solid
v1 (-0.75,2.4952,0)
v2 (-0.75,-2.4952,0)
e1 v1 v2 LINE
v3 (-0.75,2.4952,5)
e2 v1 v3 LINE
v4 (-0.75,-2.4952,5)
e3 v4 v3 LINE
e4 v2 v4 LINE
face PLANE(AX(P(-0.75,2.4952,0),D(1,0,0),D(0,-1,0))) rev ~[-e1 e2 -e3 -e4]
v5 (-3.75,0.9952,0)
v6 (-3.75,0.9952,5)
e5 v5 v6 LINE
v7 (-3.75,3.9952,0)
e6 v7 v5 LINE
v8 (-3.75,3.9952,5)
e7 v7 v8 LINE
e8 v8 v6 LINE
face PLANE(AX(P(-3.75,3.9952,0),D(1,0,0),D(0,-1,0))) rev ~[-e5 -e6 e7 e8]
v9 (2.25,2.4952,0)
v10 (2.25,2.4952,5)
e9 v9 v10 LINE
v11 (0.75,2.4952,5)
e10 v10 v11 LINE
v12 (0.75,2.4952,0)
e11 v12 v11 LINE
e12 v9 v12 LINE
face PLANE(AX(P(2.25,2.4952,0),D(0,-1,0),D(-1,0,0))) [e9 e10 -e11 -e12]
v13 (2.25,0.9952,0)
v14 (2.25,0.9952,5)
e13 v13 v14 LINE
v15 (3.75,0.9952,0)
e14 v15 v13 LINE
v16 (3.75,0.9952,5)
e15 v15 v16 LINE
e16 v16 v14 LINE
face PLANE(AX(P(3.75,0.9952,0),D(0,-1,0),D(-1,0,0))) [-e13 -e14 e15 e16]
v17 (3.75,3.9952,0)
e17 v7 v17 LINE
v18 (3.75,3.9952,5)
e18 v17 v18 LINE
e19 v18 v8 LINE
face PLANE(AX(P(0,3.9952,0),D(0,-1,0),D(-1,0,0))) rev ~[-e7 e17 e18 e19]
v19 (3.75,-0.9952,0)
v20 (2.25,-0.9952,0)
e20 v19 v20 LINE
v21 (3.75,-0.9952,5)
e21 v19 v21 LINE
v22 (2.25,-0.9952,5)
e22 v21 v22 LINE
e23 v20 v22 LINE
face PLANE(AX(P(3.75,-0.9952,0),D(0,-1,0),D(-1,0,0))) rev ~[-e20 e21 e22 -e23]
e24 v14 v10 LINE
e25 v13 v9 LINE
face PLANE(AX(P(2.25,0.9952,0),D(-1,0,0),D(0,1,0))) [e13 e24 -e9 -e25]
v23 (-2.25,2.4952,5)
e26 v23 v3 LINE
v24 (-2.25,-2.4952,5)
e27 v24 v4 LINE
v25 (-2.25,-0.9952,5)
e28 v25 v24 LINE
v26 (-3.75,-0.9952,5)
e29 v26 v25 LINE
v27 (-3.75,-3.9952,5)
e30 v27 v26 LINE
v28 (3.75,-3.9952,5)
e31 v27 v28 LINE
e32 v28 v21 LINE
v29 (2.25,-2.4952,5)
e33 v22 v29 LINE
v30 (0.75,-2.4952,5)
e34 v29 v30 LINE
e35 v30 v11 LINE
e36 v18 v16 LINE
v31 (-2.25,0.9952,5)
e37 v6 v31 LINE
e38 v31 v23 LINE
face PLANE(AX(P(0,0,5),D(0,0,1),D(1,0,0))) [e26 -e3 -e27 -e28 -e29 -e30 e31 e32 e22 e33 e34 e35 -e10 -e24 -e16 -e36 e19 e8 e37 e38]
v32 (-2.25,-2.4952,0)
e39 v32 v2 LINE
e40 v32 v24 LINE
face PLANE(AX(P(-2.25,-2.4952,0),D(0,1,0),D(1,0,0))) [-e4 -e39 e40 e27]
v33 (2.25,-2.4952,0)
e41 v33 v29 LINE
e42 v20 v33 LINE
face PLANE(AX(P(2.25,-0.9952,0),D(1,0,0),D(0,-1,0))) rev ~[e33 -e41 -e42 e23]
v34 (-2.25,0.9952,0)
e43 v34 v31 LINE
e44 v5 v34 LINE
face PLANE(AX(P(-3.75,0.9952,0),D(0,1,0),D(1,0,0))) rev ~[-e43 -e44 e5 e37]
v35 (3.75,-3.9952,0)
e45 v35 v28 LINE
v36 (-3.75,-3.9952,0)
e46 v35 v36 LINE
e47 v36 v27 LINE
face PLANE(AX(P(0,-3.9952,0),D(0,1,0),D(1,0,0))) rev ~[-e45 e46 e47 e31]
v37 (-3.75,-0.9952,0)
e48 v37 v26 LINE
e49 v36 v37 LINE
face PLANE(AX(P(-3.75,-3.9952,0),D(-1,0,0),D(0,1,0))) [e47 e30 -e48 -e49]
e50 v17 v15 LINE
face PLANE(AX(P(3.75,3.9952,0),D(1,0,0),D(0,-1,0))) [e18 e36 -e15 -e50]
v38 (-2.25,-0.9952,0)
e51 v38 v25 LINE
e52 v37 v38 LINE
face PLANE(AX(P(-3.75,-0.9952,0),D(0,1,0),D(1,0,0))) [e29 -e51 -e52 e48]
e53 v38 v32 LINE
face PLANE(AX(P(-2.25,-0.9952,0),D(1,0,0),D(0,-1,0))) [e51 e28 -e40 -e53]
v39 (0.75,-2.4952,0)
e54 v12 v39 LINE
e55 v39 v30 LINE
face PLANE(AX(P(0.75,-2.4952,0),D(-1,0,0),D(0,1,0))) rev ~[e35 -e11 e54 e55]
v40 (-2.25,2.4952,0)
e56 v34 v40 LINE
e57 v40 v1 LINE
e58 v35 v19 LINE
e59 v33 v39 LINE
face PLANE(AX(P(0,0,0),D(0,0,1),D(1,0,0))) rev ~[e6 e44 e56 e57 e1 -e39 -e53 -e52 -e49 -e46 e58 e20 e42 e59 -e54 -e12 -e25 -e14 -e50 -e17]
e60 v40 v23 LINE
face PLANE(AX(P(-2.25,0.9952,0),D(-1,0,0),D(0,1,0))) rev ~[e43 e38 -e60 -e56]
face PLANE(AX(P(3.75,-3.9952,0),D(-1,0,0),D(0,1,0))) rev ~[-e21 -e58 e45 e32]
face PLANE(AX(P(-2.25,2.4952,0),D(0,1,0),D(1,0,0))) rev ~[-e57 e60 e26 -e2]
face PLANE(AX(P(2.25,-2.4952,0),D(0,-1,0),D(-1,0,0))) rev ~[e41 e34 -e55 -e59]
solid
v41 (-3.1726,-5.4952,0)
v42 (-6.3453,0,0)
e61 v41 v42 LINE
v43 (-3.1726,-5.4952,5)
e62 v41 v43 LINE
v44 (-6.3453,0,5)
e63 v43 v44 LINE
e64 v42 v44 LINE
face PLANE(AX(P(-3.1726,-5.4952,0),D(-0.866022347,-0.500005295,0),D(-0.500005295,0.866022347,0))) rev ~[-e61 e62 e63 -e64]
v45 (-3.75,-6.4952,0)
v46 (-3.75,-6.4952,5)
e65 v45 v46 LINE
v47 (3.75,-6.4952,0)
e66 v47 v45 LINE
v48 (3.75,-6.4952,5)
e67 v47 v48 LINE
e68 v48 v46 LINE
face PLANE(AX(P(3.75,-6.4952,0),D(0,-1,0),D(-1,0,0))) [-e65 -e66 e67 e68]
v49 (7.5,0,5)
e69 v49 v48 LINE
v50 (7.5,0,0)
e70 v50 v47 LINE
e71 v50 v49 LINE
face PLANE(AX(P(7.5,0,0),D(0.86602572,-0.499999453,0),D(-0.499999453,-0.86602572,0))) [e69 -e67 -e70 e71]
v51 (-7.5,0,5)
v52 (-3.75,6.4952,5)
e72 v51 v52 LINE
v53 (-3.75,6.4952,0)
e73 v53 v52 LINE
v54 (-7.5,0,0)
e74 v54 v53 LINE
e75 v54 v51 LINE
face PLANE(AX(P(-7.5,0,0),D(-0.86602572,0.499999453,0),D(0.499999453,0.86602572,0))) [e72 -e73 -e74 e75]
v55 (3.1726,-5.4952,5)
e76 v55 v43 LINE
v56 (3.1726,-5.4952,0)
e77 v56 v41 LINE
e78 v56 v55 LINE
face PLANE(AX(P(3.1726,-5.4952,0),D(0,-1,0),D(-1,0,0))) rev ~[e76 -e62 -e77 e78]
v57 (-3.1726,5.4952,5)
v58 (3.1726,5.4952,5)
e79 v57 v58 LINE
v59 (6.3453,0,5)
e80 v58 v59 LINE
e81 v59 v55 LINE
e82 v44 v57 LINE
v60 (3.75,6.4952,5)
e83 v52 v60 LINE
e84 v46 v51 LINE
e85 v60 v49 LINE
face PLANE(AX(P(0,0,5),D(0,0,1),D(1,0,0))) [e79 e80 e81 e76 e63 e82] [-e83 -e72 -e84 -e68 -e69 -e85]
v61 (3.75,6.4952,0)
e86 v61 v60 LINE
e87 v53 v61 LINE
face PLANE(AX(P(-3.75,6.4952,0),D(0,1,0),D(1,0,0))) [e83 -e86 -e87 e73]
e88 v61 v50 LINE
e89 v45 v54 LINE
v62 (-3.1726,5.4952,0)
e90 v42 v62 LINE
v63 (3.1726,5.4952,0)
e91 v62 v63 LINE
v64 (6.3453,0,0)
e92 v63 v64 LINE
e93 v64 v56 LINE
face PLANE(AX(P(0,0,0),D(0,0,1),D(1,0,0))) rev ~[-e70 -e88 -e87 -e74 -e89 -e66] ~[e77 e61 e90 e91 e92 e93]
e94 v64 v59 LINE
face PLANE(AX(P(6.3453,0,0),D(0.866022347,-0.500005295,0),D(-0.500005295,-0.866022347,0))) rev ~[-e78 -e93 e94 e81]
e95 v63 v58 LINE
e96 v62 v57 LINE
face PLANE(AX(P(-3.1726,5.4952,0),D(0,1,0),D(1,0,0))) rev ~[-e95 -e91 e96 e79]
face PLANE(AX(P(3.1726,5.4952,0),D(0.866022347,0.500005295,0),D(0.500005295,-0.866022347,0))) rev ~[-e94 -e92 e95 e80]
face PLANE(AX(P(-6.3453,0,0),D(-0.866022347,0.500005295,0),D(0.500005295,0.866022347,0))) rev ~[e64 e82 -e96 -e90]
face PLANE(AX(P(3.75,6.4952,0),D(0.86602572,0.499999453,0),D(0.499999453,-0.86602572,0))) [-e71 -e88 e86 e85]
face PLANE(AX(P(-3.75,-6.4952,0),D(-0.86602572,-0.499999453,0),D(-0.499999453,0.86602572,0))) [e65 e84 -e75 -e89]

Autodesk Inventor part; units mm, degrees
ref_plane "YZ Plane" through (0, 0, 0) normal (1, 0, 0) x (0, 1, 0)
ref_plane "XZ Plane" through (0, 0, 0) normal (0, 1, 0) x (-1, 0, 0)
ref_plane "XY Plane" through (0, 0, 0) normal (0, 0, 1) x (1, 0, 0)
sketch "Sketch1" plane through (0, 0, 0) normal (0, 0, 1) x (1, 0, 0)
  circle A0 centre (0, 0) radius 7.5
  line L0 (-3.75, 6.4952) -> (3.75, 6.4952)
  line L1 (3.75, 6.4952) -> (7.5, 0)
  line L2 (7.5, 0) -> (3.75, -6.4952)
  line L3 (3.75, -6.4952) -> (-3.75, -6.4952)
  line L4 (-3.75, -6.4952) -> (-7.5, 0)
  line L5 (-7.5, 0) -> (-3.75, 6.4952)
  line L6 (-3.1726, 5.4952) -> (3.1726, 5.4952)
  line L7 (3.1726, 5.4952) -> (6.3453, 0)
  line L8 (6.3453, 0) -> (3.1726, -5.4952)
  line L9 (3.1726, -5.4952) -> (-3.1726, -5.4952)
  line L10 (-3.1726, -5.4952) -> (-6.3453, 0)
  line L11 (-6.3453, 0) -> (-3.1726, 5.4952)
  line L12 (0, 3.9952) -> (-3.75, 3.9952)
  line L13 (-3.75, 3.9952) -> (-3.75, 0.9952)
  line L14 (-3.75, 0.9952) -> (-2.25, 0.9952)
  line L15 (-2.25, 0.9952) -> (-2.25, 2.4952)
  line L16 (-2.25, 2.4952) -> (-0.75, 2.4952)
  line L17 (-0.75, 2.4952) -> (-0.75, 0)
  line L18 (-0.75, 0) -> (0, 0)
  line L19 (0, 0) -> (0, 3.9952)
  line L20 (0, 3.9952) -> (3.75, 3.9952)
  line L21 (3.75, 3.9952) -> (3.75, 0.9952)
  line L22 (3.75, 0.9952) -> (2.25, 0.9952)
  line L23 (2.25, 0.9952) -> (2.25, 2.4952)
  line L24 (2.25, 2.4952) -> (0.75, 2.4952)
  line L25 (0.75, 2.4952) -> (0.75, 0)
  line L26 (0.75, 0) -> (0, 0)
  line L27 (0, -3.9952) -> (-3.75, -3.9952)
  line L28 (-3.75, -3.9952) -> (-3.75, -0.9952)
  line L29 (-3.75, -0.9952) -> (-2.25, -0.9952)
  line L30 (-2.25, -0.9952) -> (-2.25, -2.4952)
  line L31 (-2.25, -2.4952) -> (-0.75, -2.4952)
  line L32 (-0.75, -2.4952) -> (-0.75, 0)
  line L33 (2.25, -2.4952) -> (0.75, -2.4952)
  line L34 (0.75, -2.4952) -> (0.75, 0)
  line L35 (3.75, -0.9952) -> (2.25, -0.9952)
  line L36 (2.25, -0.9952) -> (2.25, -2.4952)
  line L37 (3.75, -3.9952) -> (3.75, -0.9952)
  line L38 (0, -3.9952) -> (3.75, -3.9952)
  dimension "d0" = 15
  dimension "d1" = 1
  dimension "d15" = 1.5
  dimension "d16" = 1.5
  dimension "d17" = 1.5
  dimension "d18" = 1.5
  dimension "d19" = 0.75
  dimension "d20" = 1.5
extrude "Extrusion1" add sketch "Sketch1" along normal blind 5 contours L2 L3 L4 L5 L0 L1 | L19 L18 L17 L16 L15 L14 L13 L12 | L20 L21 L22 L23 L24 L25 L26 L19 | L26 L34 L33 L36 L35 L37 L38 L27 L28 L29 L30 L31 L32 L18
properties part number "1"
